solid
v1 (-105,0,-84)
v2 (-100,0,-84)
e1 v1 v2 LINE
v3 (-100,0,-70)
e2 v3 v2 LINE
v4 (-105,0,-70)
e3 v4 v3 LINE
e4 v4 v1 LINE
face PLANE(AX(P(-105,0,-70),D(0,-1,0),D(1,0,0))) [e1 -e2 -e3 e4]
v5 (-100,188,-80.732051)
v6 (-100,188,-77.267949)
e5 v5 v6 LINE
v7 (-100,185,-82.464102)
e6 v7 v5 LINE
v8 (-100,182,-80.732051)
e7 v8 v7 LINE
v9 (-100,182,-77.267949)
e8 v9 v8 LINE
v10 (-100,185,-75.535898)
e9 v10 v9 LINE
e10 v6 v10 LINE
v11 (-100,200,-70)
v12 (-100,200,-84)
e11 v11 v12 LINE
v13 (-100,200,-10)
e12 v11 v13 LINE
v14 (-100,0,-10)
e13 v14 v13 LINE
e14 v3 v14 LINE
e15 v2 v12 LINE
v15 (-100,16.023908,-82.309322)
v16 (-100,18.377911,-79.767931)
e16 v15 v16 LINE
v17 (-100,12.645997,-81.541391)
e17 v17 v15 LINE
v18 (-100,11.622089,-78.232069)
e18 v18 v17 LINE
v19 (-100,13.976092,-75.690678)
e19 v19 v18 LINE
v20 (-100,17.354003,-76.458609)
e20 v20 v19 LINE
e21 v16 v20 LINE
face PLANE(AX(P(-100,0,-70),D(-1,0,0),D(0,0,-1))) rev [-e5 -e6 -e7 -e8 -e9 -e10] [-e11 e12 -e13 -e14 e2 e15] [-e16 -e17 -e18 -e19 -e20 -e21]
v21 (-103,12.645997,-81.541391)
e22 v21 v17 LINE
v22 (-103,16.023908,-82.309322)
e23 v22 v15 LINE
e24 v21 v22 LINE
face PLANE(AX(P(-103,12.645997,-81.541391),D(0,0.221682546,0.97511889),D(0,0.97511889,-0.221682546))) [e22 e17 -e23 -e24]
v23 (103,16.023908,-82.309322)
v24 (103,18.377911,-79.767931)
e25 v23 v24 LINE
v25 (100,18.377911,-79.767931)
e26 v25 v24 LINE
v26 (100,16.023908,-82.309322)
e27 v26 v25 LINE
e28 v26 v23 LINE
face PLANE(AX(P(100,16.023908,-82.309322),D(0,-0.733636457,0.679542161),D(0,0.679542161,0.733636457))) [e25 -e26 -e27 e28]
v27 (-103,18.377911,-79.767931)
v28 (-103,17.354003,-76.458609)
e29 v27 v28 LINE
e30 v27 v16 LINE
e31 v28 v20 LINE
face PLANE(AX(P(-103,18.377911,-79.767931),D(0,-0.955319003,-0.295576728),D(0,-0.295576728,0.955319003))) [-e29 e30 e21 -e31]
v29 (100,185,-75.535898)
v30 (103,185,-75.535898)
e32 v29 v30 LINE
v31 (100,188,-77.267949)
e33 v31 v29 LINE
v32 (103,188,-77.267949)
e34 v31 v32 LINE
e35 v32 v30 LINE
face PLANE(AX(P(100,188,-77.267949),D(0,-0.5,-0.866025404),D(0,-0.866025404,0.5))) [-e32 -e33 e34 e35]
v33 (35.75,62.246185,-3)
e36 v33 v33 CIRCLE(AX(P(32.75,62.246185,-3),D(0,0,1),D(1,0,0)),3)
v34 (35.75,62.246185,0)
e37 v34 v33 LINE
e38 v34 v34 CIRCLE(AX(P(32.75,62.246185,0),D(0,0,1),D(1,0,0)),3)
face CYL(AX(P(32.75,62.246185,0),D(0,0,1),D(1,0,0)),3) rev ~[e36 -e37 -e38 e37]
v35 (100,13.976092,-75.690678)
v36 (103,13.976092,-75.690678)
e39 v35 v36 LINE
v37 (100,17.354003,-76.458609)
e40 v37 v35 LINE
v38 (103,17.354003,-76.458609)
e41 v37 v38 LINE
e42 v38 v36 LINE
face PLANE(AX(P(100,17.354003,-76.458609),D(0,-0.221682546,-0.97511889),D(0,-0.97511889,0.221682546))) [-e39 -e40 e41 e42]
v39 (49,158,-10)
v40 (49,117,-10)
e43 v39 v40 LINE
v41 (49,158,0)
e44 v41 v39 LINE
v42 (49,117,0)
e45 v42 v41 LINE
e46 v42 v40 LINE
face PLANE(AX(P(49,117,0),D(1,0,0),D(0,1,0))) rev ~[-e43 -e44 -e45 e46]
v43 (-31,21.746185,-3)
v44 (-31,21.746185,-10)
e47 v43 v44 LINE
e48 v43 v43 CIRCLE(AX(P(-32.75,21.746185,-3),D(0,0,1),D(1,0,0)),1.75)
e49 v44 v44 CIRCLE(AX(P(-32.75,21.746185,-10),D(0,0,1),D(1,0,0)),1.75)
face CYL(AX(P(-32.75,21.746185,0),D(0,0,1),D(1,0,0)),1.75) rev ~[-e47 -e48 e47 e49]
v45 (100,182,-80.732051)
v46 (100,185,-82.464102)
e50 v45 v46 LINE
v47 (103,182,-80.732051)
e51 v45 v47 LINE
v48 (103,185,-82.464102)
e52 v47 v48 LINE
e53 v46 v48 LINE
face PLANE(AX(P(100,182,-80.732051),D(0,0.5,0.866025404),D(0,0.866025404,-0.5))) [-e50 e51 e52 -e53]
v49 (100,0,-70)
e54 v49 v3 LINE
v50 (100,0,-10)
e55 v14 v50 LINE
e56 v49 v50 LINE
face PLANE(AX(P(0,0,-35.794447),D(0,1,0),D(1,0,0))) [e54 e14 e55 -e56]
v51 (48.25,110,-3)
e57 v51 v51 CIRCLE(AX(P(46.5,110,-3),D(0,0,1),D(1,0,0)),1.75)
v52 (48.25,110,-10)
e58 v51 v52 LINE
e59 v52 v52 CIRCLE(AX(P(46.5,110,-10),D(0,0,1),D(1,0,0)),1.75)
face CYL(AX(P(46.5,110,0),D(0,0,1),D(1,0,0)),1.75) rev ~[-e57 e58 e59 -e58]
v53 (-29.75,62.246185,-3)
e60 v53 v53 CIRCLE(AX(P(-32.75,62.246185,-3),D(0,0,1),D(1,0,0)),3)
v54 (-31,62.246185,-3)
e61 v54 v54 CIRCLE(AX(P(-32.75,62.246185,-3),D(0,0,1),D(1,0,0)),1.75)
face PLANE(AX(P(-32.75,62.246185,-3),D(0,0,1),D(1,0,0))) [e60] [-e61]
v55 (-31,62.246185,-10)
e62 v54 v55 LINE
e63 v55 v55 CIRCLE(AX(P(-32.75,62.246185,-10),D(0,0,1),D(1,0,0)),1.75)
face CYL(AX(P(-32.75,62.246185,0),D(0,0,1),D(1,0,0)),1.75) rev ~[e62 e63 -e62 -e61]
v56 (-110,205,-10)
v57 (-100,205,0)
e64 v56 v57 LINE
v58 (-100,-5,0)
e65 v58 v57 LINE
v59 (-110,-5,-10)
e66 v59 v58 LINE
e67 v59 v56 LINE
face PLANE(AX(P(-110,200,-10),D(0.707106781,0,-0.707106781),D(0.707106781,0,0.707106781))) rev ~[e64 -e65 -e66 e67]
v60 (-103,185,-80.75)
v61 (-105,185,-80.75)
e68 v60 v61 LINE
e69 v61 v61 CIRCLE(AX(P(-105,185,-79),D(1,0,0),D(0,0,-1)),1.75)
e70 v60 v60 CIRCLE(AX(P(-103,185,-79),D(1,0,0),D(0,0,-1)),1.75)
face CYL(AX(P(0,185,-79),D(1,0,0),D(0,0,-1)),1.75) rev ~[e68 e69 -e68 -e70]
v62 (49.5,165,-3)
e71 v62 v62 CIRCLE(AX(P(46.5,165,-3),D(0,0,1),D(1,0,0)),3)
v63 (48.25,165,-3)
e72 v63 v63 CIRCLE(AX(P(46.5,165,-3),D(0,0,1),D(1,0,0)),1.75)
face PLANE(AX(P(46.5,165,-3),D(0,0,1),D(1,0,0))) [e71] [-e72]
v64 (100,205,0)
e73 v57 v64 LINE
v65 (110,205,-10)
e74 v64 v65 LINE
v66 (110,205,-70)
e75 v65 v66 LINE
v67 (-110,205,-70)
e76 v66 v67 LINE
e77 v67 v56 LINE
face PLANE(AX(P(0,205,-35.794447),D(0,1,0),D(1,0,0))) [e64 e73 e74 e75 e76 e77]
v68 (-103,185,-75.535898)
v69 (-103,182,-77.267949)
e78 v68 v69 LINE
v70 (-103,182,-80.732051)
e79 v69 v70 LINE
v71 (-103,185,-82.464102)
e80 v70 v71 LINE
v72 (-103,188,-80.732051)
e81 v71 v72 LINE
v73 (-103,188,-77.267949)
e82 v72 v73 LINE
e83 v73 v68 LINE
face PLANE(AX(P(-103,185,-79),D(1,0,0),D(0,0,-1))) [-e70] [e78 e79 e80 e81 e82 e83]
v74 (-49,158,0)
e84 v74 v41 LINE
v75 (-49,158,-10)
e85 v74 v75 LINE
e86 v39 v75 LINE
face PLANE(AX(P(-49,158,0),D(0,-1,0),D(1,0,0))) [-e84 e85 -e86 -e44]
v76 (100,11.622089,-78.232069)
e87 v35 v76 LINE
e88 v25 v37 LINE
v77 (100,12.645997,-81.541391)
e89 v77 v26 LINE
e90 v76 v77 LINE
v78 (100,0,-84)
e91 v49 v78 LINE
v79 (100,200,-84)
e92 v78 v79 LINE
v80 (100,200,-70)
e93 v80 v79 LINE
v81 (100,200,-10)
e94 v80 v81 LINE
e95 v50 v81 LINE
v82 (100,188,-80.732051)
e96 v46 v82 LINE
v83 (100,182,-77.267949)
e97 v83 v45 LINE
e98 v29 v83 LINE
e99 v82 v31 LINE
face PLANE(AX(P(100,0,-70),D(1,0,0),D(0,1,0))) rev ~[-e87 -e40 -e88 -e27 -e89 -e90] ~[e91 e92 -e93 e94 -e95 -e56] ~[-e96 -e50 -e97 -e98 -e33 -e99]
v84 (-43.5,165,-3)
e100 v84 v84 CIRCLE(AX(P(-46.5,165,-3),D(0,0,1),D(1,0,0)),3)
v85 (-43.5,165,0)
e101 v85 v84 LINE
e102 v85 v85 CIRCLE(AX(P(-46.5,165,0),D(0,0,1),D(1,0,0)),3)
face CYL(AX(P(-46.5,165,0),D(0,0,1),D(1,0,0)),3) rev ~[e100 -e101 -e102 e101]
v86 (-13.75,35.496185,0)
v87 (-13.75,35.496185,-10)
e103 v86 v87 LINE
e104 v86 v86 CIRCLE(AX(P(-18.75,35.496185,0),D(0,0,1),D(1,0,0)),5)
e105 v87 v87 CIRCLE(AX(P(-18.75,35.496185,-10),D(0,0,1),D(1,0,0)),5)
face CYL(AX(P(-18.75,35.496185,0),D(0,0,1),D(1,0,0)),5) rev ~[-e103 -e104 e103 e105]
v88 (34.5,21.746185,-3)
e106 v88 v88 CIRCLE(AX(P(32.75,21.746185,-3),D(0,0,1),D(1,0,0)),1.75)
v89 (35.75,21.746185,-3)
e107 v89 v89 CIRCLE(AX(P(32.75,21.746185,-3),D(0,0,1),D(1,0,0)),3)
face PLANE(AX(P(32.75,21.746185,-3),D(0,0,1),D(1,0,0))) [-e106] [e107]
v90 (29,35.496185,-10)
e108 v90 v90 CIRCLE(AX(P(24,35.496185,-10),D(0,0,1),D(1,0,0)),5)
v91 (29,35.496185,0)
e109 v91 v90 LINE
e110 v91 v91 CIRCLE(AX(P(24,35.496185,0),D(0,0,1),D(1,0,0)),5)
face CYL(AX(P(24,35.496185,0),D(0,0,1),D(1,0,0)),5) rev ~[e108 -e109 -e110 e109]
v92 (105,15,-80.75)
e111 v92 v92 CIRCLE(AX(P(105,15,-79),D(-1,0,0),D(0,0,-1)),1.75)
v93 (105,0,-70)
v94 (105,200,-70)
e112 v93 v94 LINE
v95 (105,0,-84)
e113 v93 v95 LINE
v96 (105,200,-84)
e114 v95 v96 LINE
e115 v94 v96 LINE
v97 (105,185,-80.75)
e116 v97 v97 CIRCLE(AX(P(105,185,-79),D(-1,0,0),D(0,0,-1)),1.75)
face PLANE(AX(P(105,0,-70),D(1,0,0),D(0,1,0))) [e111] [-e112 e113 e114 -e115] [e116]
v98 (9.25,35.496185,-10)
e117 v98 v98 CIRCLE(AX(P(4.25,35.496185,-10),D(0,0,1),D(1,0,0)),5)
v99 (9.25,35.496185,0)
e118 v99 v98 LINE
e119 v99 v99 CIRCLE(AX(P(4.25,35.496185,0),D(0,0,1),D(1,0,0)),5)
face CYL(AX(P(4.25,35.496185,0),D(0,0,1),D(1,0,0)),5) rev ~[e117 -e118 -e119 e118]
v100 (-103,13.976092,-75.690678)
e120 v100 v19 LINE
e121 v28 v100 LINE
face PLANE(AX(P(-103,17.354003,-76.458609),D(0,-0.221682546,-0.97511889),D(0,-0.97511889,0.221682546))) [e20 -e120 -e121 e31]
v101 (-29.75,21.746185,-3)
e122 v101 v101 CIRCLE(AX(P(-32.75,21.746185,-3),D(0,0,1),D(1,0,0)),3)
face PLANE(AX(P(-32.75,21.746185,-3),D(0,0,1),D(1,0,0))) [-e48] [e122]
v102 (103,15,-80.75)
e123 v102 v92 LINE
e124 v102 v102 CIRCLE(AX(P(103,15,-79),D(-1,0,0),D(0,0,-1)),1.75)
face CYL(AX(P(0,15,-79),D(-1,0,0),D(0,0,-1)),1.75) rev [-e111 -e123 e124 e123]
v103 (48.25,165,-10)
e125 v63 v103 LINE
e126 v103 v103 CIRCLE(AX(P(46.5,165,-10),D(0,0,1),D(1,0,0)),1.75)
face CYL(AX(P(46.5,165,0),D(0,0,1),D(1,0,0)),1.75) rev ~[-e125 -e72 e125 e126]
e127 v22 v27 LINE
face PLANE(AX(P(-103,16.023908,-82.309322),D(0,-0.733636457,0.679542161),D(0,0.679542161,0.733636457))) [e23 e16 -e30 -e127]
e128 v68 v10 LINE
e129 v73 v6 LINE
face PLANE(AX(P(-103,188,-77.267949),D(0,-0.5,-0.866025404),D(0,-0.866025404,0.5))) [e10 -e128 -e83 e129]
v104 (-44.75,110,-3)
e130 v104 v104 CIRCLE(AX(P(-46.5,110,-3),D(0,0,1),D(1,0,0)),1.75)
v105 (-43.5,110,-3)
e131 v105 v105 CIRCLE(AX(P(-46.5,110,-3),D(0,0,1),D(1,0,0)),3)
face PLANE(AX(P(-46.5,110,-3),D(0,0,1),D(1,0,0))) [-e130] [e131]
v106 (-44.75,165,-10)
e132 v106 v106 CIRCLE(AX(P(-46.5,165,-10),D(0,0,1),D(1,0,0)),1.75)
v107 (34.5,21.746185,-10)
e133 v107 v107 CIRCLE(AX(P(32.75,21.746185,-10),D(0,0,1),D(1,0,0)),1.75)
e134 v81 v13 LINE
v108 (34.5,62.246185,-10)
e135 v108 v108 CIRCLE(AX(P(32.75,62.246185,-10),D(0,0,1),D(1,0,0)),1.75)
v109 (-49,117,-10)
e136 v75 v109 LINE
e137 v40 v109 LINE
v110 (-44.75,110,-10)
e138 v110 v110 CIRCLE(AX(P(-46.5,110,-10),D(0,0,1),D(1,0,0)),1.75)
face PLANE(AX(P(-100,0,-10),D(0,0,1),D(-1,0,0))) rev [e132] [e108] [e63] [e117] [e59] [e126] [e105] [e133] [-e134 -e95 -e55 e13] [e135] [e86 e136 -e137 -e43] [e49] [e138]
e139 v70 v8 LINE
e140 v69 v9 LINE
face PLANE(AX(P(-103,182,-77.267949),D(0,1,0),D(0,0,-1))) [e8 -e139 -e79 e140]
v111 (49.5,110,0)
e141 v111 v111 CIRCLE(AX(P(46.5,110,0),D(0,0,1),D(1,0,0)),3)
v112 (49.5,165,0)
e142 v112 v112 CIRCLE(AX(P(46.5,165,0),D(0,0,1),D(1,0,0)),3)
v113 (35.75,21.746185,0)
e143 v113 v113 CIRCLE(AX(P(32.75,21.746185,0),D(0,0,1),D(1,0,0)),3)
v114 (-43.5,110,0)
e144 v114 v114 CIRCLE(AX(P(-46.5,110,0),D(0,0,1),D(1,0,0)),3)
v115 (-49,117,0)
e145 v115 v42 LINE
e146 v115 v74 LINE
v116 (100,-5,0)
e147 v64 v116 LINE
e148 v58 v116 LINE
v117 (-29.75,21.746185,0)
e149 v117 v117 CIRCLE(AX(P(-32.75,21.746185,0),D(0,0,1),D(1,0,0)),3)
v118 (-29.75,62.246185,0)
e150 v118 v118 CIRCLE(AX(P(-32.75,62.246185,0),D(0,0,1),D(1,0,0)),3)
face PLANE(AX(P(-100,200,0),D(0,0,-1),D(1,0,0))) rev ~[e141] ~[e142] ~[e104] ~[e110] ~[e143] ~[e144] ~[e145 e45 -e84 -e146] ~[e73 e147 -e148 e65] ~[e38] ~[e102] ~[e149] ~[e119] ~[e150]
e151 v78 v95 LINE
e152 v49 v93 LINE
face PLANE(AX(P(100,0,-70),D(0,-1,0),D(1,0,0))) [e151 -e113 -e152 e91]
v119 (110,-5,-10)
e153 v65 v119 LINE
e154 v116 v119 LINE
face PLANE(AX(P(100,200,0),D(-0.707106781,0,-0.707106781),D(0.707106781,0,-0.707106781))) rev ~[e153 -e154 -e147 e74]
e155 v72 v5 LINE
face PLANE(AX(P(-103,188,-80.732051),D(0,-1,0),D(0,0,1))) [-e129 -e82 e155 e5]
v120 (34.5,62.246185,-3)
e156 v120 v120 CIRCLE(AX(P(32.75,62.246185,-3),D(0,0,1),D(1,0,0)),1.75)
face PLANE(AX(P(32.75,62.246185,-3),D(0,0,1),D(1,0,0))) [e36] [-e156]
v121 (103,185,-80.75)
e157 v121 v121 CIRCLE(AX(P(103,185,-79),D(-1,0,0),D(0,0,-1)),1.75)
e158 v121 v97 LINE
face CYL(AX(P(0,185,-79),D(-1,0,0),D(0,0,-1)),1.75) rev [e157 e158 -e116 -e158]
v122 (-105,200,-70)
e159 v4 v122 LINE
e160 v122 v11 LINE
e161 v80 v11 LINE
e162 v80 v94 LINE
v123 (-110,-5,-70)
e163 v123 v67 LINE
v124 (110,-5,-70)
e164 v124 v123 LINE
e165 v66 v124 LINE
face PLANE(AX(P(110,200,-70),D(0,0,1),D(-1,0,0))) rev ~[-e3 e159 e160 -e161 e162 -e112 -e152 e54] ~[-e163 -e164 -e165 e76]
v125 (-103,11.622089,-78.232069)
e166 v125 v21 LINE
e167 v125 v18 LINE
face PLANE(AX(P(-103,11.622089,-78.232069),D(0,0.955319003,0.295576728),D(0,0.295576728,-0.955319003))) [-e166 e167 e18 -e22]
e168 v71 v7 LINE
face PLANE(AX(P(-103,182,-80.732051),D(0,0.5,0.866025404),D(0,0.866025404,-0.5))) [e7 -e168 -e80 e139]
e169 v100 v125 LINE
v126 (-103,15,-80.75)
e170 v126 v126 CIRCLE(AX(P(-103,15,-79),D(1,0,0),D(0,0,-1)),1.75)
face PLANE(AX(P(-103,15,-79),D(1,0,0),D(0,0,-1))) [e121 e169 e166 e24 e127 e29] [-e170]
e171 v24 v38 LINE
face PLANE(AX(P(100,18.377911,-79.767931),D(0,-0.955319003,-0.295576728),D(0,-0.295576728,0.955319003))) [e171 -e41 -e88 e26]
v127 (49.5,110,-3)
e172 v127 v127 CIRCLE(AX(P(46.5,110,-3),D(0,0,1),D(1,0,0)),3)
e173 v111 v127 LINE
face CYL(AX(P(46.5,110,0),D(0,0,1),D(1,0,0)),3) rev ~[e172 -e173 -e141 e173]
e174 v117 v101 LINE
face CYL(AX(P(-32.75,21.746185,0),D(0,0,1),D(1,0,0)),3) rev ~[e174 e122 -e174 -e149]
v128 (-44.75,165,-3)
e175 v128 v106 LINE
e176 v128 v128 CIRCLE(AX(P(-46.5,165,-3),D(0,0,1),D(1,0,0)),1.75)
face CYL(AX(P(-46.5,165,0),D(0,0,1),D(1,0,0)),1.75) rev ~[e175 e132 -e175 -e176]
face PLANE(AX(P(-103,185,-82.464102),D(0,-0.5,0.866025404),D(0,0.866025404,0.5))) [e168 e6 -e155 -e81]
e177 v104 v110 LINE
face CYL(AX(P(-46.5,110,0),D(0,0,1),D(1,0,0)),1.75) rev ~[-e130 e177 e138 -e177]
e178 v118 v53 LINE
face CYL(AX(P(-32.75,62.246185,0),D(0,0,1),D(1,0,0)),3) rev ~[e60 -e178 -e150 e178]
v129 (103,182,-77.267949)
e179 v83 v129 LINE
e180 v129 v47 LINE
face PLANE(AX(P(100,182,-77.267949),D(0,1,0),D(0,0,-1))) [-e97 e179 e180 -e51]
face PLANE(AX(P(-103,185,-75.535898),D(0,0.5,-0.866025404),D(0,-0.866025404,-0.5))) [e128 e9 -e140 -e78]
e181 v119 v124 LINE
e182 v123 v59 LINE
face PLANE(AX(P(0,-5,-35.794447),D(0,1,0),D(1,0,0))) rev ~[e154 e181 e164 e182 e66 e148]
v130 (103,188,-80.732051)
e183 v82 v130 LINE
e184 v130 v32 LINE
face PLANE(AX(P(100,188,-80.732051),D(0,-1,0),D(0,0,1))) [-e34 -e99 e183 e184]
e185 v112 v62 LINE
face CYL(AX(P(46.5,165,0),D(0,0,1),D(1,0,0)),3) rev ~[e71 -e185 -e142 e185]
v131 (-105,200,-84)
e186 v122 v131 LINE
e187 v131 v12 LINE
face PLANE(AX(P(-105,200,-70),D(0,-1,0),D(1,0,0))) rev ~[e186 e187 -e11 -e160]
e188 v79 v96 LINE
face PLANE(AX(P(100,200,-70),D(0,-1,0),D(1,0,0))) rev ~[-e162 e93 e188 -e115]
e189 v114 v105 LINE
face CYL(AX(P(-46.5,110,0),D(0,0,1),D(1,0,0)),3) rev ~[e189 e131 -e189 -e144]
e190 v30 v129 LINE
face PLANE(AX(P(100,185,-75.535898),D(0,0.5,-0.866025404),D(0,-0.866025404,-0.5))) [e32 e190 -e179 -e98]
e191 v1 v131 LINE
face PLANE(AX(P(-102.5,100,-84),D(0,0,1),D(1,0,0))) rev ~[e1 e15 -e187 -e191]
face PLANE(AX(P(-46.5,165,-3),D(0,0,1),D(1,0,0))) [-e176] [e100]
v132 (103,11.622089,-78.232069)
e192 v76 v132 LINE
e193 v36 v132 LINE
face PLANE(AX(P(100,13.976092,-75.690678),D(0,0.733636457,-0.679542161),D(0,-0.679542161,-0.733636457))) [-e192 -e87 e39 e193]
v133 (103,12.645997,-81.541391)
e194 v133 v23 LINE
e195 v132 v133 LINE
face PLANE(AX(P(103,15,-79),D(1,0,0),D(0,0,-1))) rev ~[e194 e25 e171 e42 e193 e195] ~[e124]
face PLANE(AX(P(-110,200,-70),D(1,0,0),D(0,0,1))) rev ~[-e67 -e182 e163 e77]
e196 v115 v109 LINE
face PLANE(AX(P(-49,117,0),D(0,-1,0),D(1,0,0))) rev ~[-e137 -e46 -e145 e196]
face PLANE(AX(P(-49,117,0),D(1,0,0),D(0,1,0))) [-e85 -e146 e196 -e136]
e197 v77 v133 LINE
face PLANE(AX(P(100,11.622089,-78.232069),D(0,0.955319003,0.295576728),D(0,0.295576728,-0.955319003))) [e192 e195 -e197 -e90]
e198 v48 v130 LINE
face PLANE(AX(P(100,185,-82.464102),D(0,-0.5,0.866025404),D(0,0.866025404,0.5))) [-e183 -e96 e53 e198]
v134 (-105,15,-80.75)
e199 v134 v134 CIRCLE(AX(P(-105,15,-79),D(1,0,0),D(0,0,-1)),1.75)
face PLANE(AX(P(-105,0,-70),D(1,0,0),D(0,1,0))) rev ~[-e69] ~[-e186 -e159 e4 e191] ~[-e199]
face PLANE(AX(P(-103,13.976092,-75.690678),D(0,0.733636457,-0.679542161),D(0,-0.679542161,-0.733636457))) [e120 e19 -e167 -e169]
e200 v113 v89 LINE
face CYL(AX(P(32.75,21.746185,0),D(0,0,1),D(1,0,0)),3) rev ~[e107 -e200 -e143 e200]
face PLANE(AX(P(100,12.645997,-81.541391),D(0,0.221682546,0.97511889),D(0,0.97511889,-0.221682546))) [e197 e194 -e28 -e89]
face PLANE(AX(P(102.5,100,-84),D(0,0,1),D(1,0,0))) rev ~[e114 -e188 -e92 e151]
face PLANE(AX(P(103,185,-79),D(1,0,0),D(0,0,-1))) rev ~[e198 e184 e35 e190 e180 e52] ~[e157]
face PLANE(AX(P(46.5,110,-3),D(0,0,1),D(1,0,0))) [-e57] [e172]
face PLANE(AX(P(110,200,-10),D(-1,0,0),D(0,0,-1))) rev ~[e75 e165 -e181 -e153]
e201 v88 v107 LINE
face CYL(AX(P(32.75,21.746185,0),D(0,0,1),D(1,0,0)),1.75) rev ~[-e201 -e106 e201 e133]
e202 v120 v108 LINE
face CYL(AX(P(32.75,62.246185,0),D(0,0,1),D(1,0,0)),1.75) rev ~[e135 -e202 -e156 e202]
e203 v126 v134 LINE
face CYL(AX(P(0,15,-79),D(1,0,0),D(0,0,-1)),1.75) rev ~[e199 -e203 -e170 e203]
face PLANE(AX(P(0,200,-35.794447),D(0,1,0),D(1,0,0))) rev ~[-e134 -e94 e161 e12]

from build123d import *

# Parameters (mm, degrees)
BOSS_EXTRUDE1_DEPTH     = 200
BOSS_EXTRUDE2_DEPTH     = 5
BOSS_EXTRUDE3_START     = 200
BOSS_EXTRUDE3_DEPTH     = 5
BOSS_EXTRUDE5_START     = -70
SKETCH12_W              = 5
SKETCH12_H              = 200
BOSS_EXTRUDE5_DEPTH     = 14
SKETCH13_R              = 1.75
SKETCH13_R_2            = 5
SKETCH13_W              = 98
SKETCH13_H              = 41
CUT_EXTRUDE7_DEPTH      = 1
CUT_EXTRUDE7_DEPTH_BACK = 85
SKETCH15_R              = 3
CUT_EXTRUDE8_DEPTH      = 3
SKETCH16_R              = 1.75
CUT_EXTRUDE9_DEPTH      = 111
CUT_EXTRUDE9_DEPTH_BACK = 111
CUT_EXTRUDE10_START     = -103
CUT_EXTRUDE10_DEPTH     = 3
CUT_EXTRUDE11_START     = 100
CUT_EXTRUDE11_DEPTH     = 3
SKETCH18_R              = 3
CUT_EXTRUDE12_DEPTH     = 3


with BuildPart() as part:
    # Sketch1 → Boss-Extrude1 (new body)
    with BuildSketch(Plane(origin=(0, 0, 0), x_dir=(1, 0, 0), z_dir=(0, 1, 0))):
        Polygon((0, 0), (100, 0), (110, 10), (110, 70), (100, 70), (100, 10), (0, 10), align=None)
    boss_extrude1 = extrude(amount=BOSS_EXTRUDE1_DEPTH)

    # Mirror1: Boss-Extrude1 across plane
    add(boss_extrude1.mirror(Plane(origin=(0, 0, 0), x_dir=(0, 0, 1), z_dir=(1, 0, 0))))

    # Sketch6 → Boss-Extrude2 (add)
    with BuildSketch(Plane(origin=(0, 0, 0), x_dir=(1, 0, 0), z_dir=(0, 1, 0))):
        Polygon((110, 70), (-110, 70), (-110, 10), (-100, 0), (100, 0), (110, 10), align=None)
    extrude(amount=-BOSS_EXTRUDE2_DEPTH)

    # Sketch6<2> → Boss-Extrude3 (add)
    with BuildSketch(Plane(origin=(0, 0, 0), x_dir=(1, 0, 0), z_dir=(0, 1, 0)).offset(BOSS_EXTRUDE3_START)):
        Polygon((110, 70), (-110, 70), (-110, 10), (-100, 0), (100, 0), (110, 10), align=None)
    extrude(amount=BOSS_EXTRUDE3_DEPTH)

    # Sketch12 → Boss-Extrude5 (add)
    with BuildSketch(Plane.XY.offset(BOSS_EXTRUDE5_START)):
        with Locations((102.5, 100)):
            Rectangle(SKETCH12_W, SKETCH12_H)
        with Locations((-102.5, 100)):
            Rectangle(SKETCH12_W, SKETCH12_H)
    extrude(amount=-BOSS_EXTRUDE5_DEPTH)

    # Sketch13 → Cut-Extrude7 (cut, two sides)
    with BuildSketch(Plane.XY) as cut_extrude7_sk:
        with Locations((-46.5, 165)):
            Circle(SKETCH13_R)
        with Locations((46.5, 165)):
            Circle(SKETCH13_R)
        with Locations((46.5, 110)):
            Circle(SKETCH13_R)
        with Locations((-46.5, 110)):
            Circle(SKETCH13_R)
        with Locations((32.75, 62.246184667)):
            Circle(SKETCH13_R)
        with Locations((-32.75, 62.246184667)):
            Circle(SKETCH13_R)
        with Locations((32.75, 21.746184667)):
            Circle(SKETCH13_R)
        with Locations((-32.75, 21.746184667)):
            Circle(SKETCH13_R)
        with Locations((24, 35.496184667)):
            Circle(SKETCH13_R_2)
        with Locations((-18.75, 35.496184667)):
            Circle(SKETCH13_R_2)
        with Locations((4.25, 35.496184667)):
            Circle(SKETCH13_R_2)
        with Locations((0, 137.5)):
            Rectangle(SKETCH13_W, SKETCH13_H)
    extrude(amount=CUT_EXTRUDE7_DEPTH, mode=Mode.SUBTRACT)
    extrude(cut_extrude7_sk.sketch, amount=-CUT_EXTRUDE7_DEPTH_BACK, mode=Mode.SUBTRACT)

    # Sketch15 → Cut-Extrude8 (cut)
    with BuildSketch(Plane.XY):
        with Locations((-46.5, 165)):
            Circle(SKETCH15_R)
        with Locations((46.5, 165)):
            Circle(SKETCH15_R)
        with Locations((46.5, 110)):
            Circle(SKETCH15_R)
        with Locations((-46.5, 110)):
            Circle(SKETCH15_R)
    extrude(amount=-CUT_EXTRUDE8_DEPTH, mode=Mode.SUBTRACT)

    # Sketch16 → Cut-Extrude9 (cut, two sides)
    with BuildSketch(Plane(origin=(0, 0, 0), x_dir=(0, 0, -1), z_dir=(1, 0, 0))) as cut_extrude9_sk:
        with Locations((79, 185)):
            Circle(SKETCH16_R)
        with Locations((79, 15)):
            Circle(SKETCH16_R)
    extrude(amount=CUT_EXTRUDE9_DEPTH, mode=Mode.SUBTRACT)
    extrude(cut_extrude9_sk.sketch, amount=-CUT_EXTRUDE9_DEPTH_BACK, mode=Mode.SUBTRACT)

    # Sketch17 → Cut-Extrude10 (cut)
    with BuildSketch(Plane(origin=(0, 0, 0), x_dir=(0, 0, -1), z_dir=(1, 0, 0)).offset(CUT_EXTRUDE10_START)):
        Polygon((75.535898385, 185), (77.267949192, 182), (80.732050808, 182), (82.464101615, 185), (80.732050808, 188), (77.267949192, 188), align=None)
        Polygon((75.690677898, 13.976092178), (78.232069134, 11.62208908), (81.541391236, 12.645996901), (82.309322102, 16.023907822), (79.767930866, 18.37791092), (76.458608764, 17.354003099), align=None)
    extrude(amount=CUT_EXTRUDE10_DEPTH, mode=Mode.SUBTRACT)

    # Sketch17<2> → Cut-Extrude11 (cut)
    with BuildSketch(Plane(origin=(0, 0, 0), x_dir=(0, 0, -1), z_dir=(1, 0, 0)).offset(CUT_EXTRUDE11_START)):
        Polygon((75.535898385, 185), (77.267949192, 182), (80.732050808, 182), (82.464101615, 185), (80.732050808, 188), (77.267949192, 188), align=None)
        Polygon((75.690677898, 13.976092178), (78.232069134, 11.62208908), (81.541391236, 12.645996901), (82.309322102, 16.023907822), (79.767930866, 18.37791092), (76.458608764, 17.354003099), align=None)
    extrude(amount=CUT_EXTRUDE11_DEPTH, mode=Mode.SUBTRACT)

    # Sketch18 → Cut-Extrude12 (cut)
    with BuildSketch(Plane.XY):
        with Locations((32.75, 62.246184667)):
            Circle(SKETCH18_R)
        with Locations((-32.75, 62.246184667)):
            Circle(SKETCH18_R)
        with Locations((-32.75, 21.746184667)):
            Circle(SKETCH18_R)
        with Locations((32.75, 21.746184667)):
            Circle(SKETCH18_R)
    extrude(amount=-CUT_EXTRUDE12_DEPTH, mode=Mode.SUBTRACT)


solid = part.part
